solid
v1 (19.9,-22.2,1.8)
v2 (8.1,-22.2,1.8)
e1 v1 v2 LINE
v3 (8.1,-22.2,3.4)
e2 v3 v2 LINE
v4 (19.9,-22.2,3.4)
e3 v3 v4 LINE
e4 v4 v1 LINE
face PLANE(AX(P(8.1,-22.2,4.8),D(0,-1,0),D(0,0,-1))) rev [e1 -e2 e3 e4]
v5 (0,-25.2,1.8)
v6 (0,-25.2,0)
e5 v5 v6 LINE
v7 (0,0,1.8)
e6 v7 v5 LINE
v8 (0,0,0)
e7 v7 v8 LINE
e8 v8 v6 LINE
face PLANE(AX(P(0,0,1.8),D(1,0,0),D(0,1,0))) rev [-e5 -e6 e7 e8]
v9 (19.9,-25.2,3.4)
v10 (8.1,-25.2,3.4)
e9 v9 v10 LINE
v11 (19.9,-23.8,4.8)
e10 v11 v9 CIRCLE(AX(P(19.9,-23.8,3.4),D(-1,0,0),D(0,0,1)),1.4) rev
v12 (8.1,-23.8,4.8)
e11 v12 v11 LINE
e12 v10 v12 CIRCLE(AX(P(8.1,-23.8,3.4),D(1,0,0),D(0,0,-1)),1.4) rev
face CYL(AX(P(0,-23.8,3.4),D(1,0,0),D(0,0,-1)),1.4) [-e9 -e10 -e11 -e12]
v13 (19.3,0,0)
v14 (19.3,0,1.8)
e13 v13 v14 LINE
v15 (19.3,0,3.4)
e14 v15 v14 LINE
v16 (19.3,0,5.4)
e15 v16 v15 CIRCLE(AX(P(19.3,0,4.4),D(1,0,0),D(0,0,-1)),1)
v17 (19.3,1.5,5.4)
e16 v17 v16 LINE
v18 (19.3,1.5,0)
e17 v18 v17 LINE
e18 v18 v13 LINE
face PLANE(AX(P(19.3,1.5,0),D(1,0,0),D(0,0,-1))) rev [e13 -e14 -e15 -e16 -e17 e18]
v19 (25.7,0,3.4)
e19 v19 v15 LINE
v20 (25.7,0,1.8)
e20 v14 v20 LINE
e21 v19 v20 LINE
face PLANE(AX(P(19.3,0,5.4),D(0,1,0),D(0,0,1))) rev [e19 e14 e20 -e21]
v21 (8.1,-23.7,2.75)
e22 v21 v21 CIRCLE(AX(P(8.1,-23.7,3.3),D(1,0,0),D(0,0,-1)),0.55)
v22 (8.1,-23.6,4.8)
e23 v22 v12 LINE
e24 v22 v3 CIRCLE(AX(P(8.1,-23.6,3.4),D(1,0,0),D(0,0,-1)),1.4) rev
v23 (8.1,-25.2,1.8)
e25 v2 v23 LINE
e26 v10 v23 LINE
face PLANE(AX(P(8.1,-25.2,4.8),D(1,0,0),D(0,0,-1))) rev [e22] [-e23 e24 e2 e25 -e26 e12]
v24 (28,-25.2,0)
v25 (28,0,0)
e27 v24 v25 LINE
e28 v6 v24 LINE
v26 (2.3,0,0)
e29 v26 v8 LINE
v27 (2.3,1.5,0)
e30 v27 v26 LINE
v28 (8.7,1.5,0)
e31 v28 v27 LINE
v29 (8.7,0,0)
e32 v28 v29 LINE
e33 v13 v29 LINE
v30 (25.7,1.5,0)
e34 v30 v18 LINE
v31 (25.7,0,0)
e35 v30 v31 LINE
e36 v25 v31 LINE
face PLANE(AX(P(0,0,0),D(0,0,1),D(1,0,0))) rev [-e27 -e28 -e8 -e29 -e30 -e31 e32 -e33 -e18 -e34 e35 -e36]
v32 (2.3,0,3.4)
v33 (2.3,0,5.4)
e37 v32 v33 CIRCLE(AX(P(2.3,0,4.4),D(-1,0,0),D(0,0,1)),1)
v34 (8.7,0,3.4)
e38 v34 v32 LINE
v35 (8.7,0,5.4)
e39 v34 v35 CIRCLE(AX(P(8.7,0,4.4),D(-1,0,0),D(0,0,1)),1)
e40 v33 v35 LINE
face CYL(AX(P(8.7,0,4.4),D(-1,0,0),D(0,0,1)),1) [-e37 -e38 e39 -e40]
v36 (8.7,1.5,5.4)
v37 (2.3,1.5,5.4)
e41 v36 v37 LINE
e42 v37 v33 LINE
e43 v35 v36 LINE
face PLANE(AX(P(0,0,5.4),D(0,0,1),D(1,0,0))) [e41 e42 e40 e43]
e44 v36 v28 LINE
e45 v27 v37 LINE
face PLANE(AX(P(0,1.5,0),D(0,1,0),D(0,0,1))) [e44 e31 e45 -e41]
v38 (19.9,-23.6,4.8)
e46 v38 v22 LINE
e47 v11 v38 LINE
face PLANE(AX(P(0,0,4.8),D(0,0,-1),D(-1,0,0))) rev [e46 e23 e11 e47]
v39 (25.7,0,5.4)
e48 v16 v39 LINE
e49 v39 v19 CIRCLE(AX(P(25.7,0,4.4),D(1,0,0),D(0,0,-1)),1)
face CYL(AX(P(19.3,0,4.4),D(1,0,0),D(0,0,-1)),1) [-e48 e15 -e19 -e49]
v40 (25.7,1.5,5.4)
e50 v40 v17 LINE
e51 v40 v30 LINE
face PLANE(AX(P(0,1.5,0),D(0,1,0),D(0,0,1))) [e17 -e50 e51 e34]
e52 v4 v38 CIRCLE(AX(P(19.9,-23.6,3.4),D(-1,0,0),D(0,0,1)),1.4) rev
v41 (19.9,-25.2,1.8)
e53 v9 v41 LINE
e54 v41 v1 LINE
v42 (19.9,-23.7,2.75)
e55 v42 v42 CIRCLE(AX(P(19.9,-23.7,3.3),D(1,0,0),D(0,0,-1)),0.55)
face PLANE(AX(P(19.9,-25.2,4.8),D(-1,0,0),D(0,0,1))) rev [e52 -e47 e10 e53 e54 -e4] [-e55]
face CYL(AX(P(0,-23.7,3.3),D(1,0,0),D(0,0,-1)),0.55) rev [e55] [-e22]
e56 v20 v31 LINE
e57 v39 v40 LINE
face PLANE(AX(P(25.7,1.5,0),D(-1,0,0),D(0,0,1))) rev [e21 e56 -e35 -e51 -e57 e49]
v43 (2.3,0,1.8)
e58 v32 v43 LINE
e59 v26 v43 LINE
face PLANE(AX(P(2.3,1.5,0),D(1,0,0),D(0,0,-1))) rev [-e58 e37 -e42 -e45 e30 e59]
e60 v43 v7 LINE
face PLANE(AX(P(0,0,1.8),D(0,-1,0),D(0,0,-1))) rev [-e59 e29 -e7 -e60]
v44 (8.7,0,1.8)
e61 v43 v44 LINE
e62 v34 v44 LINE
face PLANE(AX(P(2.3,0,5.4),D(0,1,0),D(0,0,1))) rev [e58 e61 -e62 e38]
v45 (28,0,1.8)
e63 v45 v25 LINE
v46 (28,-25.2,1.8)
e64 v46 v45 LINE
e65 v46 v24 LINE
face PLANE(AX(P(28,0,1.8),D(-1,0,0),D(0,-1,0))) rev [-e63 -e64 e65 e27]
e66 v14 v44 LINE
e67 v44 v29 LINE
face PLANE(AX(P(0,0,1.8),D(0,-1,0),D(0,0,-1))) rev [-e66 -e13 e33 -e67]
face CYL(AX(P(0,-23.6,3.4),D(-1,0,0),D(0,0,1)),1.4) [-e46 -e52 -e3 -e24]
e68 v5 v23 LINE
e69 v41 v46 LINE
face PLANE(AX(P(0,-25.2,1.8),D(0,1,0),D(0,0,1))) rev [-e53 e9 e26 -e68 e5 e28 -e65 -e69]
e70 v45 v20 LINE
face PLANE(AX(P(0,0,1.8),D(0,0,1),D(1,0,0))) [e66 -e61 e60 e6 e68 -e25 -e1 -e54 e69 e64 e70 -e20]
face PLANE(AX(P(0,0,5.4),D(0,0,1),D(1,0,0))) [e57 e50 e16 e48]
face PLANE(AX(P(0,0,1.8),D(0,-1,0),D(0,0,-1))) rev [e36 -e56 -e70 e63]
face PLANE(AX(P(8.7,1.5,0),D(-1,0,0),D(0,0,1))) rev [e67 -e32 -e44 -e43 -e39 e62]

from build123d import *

# Parameters (mm, degrees)
SKETCH_1_W          = 28
SKETCH_1_H          = 25.2
EXTRUDE_1_DEPTH     = 1.8
SKETCH_2_W          = 11.8
SKETCH_2_H          = 3
EXTRUDE_2_DEPTH     = 3
FILLET_1_R          = 1.4
SKETCH_3_R          = 0.55
CUT_EXTRUDE_1_DEPTH = 20.9
SKETCH_4_W          = 6.4
SKETCH_4_H          = 1.8
EXTRUDE_3_DEPTH     = 1.5
SKETCH_5_W          = 6.4
SKETCH_5_H          = 1.5
EXTRUDE_4_DEPTH     = 3.6
SKETCH_7_R          = 1
EXTRUDE_5_DEPTH     = 6.4
SKETCH_8_R          = 1
EXTRUDE_6_DEPTH     = 6.4


with BuildPart() as part:
    # 草图1 → 凸台-拉伸1 (new body)
    with BuildSketch(Plane.XY):
        with Locations((14, -12.6)):
            Rectangle(SKETCH_1_W, SKETCH_1_H)
    extrude(amount=EXTRUDE_1_DEPTH)

    # 草图2 → 凸台-拉伸2 (add)
    with BuildSketch(Plane.XY.offset(1.8)):
        with Locations((14, -23.7)):
            Rectangle(SKETCH_2_W, SKETCH_2_H)
    extrude(amount=EXTRUDE_2_DEPTH)

    # 圆角1
    fillet_1_edges = [part.edges().sort_by_distance(p)[0] for p in [
        (14, -25.2, 4.8),
        (14, -22.2, 4.8),
    ]]
    fillet(fillet_1_edges, radius=FILLET_1_R)

    # 草图3 → 切除-拉伸1 (cut, through all)
    with BuildSketch(Plane(origin=(19.9, 0, 0), x_dir=(0, 0, -1), z_dir=(1, 0, 0))):
        with Locations((-3.3, -23.7)):
            Circle(SKETCH_3_R)
    extrude(amount=-CUT_EXTRUDE_1_DEPTH, mode=Mode.SUBTRACT)

    # 草图4 → 凸台-拉伸3 (add)
    with BuildSketch(Plane(origin=(0, 0, 0), x_dir=(1, 0, 0), z_dir=(0, 1, 0))):
        with Locations((5.5, -0.9)):
            Rectangle(SKETCH_4_W, SKETCH_4_H)
        with Locations((22.5, -0.9)):
            Rectangle(SKETCH_4_W, SKETCH_4_H)
    extrude(amount=EXTRUDE_3_DEPTH)

    # 草图5 → 凸台-拉伸4 (add)
    with BuildSketch(Plane.XY.offset(1.8)):
        with Locations((5.5, 0.75)):
            Rectangle(SKETCH_5_W, SKETCH_5_H)
        with Locations((22.5, 0.75)):
            Rectangle(SKETCH_5_W, SKETCH_5_H)
    extrude(amount=EXTRUDE_4_DEPTH)

    # 草图7 → 凸台-拉伸5 (add)
    with BuildSketch(Plane(origin=(25.7, 0, 0), x_dir=(0, 0, -1), z_dir=(1, 0, 0))):
        with Locations((-4.4, 0)):
            Circle(SKETCH_7_R)
    extrude(amount=-EXTRUDE_5_DEPTH)

    # 草图8 → 凸台-拉伸6 (add)
    with BuildSketch(Plane.ZY.offset(-2.3)):
        with Locations((4.4, 0)):
            Circle(SKETCH_8_R)
    extrude(amount=-EXTRUDE_6_DEPTH)


solid = part.part
